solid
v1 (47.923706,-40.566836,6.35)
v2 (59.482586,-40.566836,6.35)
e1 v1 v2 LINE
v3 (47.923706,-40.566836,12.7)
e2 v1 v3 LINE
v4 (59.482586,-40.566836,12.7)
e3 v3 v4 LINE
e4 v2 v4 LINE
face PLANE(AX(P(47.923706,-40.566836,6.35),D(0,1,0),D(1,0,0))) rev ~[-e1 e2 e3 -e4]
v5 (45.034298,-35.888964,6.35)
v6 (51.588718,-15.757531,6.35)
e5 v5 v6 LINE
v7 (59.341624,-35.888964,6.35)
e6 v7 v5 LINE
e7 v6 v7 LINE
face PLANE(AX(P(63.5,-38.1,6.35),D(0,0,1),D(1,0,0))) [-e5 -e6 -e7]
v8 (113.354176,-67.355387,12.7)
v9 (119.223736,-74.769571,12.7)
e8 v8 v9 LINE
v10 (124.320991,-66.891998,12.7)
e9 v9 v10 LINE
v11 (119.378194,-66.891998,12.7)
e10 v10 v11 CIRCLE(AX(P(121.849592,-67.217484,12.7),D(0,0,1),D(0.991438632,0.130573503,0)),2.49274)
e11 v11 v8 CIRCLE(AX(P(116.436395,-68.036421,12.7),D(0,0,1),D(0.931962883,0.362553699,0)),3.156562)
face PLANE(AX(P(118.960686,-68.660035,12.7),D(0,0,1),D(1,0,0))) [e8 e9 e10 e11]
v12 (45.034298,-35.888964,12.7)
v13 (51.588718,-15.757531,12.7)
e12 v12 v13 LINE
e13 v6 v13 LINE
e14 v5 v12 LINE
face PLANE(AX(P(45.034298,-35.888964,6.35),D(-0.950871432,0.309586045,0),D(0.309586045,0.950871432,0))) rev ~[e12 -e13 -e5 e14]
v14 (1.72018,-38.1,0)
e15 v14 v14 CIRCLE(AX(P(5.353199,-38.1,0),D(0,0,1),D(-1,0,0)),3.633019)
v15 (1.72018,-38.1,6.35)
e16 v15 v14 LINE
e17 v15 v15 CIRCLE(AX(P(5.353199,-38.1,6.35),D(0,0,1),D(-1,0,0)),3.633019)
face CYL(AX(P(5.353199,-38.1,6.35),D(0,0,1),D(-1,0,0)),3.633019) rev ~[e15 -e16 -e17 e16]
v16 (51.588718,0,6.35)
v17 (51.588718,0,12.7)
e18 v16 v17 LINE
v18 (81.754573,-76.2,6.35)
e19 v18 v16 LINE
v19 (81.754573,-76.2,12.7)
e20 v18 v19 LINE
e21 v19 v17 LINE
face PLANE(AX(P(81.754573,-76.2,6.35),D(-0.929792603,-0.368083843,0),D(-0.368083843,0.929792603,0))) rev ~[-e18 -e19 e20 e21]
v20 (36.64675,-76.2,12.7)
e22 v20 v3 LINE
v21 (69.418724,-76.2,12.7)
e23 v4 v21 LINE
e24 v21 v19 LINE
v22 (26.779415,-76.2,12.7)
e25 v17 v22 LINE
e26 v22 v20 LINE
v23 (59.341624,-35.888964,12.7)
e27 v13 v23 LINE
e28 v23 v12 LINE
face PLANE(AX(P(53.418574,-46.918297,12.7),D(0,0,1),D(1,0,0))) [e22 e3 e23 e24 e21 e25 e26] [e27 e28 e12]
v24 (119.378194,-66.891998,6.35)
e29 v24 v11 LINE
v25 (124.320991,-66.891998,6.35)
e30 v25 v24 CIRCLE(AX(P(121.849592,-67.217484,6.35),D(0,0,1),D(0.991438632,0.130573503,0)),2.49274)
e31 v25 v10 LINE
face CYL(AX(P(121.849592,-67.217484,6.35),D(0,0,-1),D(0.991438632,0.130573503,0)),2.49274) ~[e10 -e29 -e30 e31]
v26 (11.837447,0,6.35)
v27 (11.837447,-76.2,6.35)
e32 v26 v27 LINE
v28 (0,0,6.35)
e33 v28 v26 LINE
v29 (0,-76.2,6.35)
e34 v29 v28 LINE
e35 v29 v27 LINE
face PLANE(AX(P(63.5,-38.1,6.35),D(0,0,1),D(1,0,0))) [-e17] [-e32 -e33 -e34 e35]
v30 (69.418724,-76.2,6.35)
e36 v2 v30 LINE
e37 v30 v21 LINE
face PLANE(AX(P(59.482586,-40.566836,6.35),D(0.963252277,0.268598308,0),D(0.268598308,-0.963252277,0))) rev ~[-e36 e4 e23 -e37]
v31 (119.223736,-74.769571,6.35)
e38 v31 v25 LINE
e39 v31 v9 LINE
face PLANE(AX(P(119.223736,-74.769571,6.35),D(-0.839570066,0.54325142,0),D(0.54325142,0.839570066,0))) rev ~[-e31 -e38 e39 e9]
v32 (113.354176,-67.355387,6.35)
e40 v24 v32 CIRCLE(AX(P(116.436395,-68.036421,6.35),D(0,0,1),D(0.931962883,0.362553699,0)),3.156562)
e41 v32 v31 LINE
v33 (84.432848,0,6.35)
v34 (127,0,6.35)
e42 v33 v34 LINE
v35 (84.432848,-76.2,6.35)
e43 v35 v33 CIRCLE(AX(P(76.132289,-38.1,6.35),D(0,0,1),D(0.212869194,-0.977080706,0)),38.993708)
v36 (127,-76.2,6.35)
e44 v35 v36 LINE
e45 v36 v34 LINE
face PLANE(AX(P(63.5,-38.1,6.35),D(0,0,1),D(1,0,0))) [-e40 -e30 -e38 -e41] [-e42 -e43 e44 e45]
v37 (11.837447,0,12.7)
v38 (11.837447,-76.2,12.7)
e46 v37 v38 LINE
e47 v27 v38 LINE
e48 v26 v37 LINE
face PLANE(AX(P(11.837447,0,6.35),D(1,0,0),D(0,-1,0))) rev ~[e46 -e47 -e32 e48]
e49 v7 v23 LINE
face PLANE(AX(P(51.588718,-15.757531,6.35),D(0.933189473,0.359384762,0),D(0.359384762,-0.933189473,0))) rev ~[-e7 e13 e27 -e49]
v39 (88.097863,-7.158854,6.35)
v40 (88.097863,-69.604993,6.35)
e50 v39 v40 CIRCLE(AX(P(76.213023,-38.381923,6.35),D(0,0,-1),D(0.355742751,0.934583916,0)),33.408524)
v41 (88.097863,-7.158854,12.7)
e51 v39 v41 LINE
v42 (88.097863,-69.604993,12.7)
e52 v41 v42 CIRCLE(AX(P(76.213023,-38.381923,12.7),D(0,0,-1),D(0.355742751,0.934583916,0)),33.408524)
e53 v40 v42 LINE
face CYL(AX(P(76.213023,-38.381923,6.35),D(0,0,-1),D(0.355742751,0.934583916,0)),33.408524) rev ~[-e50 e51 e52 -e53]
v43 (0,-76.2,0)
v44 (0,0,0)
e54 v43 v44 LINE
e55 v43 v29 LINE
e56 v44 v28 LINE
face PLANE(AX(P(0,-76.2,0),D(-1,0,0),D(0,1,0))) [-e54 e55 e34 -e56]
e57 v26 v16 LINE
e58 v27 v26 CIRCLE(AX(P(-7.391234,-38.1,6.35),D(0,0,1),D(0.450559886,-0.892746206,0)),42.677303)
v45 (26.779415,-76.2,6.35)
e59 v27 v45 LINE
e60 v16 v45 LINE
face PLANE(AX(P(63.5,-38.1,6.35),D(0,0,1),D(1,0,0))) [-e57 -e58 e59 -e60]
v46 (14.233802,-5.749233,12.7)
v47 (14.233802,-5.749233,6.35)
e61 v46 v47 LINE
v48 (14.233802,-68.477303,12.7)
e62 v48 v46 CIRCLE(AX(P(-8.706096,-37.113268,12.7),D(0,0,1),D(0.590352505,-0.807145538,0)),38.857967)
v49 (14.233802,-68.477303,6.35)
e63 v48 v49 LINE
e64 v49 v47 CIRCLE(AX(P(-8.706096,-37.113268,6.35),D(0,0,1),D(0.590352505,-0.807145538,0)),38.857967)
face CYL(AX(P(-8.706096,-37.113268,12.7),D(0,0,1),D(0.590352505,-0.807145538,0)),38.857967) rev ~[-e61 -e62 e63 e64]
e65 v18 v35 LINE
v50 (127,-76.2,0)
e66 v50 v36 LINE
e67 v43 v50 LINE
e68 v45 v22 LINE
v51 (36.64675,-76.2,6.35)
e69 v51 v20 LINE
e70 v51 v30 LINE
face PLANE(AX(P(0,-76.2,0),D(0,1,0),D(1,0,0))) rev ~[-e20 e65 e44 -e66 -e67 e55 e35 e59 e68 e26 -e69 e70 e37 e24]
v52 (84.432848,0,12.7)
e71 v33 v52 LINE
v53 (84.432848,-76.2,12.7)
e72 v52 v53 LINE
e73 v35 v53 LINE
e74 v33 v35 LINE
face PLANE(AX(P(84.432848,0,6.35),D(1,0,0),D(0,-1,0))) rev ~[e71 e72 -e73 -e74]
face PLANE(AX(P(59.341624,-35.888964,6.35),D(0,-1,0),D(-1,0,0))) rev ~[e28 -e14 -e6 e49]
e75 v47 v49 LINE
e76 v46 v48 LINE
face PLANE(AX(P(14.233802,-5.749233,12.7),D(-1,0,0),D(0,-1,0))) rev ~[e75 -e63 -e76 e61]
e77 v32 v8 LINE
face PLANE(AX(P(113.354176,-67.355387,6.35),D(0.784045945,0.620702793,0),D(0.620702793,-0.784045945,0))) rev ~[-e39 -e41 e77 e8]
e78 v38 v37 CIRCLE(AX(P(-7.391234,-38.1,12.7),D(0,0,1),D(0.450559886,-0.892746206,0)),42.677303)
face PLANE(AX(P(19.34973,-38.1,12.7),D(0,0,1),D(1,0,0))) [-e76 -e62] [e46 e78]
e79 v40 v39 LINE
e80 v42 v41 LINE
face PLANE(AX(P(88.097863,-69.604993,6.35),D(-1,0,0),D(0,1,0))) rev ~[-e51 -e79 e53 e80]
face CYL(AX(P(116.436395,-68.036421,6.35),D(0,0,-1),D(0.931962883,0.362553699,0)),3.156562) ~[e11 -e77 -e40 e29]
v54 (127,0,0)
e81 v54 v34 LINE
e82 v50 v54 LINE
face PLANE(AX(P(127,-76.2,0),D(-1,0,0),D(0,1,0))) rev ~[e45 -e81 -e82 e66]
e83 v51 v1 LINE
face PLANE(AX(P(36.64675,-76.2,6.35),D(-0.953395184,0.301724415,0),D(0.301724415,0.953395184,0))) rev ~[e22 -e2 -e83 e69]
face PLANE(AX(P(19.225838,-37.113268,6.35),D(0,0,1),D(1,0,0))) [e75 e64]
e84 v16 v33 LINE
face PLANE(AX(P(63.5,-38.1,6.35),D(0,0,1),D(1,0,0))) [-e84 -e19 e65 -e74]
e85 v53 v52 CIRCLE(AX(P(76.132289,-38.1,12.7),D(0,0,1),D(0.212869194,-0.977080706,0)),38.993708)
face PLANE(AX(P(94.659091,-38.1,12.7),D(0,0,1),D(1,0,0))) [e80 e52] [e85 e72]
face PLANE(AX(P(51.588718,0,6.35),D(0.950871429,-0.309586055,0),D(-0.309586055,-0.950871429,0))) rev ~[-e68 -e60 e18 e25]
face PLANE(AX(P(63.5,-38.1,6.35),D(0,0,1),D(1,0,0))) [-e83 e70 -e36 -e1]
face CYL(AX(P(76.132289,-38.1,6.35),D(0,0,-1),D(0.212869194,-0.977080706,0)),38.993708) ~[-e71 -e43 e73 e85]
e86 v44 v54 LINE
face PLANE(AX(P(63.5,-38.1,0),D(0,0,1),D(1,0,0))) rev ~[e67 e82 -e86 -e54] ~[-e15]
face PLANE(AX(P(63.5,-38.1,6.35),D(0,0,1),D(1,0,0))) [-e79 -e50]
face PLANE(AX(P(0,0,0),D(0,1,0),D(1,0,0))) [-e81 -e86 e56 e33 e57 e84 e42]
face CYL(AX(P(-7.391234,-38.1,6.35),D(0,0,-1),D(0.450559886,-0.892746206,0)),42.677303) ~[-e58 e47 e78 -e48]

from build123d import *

# Parameters (mm, degrees)
F0_W      = 127
F0_H      = 76.2
F1_DEPTH  = 6.35
F3_DEPTH  = 6.35
F5_DEPTH  = 6.35
F7_DEPTH  = 6.35
F9_DEPTH  = 6.35
F11_DEPTH = 6.35
F13_DEPTH = 6.35


with BuildPart() as f1:
    # F0 (on Top) → F1 (new body)
    with BuildSketch(Plane.XY):
        with Locations((63.5, -38.1)):
            Rectangle(F0_W, F0_H)
    extrude(amount=F1_DEPTH)

    # F2 (on face) → F3 (cut, through all)
    with BuildSketch(Plane.XY.offset(6.35)):
        with BuildLine():
            ThreePointArc((8.986218, -38.1), (5.353199, -34.466981), (1.72018, -38.1))
            ThreePointArc((1.72018, -38.1), (5.353199, -41.733019), (8.986218, -38.1))
        make_face()
    extrude(amount=-F3_DEPTH, mode=Mode.SUBTRACT)

    # F4 (on face) → F5 (join)
    with BuildSketch(Plane.XY.offset(6.35)):
        with BuildLine():
            ThreePointArc((11.837447, -76.2), (35.286069, -38.1), (11.837447, 0))
            Line((11.837447, 0), (11.837447, -76.2))
        make_face()
    extrude(amount=F5_DEPTH)

    # F6 (on face) → F7 (cut)
    with BuildSketch(Plane.XY.offset(12.7)):
        with BuildLine():
            ThreePointArc((14.233802, -68.477303), (30.151871, -37.113268), (14.233802, -5.749233))
            Line((14.233802, -5.749233), (14.233802, -68.477303))
        make_face()
    extrude(amount=-F7_DEPTH, mode=Mode.SUBTRACT)

    # F8 (on face) → F9 (join)
    with BuildSketch(Plane.XY.offset(6.35)):
        Polygon((81.754573, -76.2), (51.588718, 0), (26.779415, -76.2), (36.64675, -76.2), (47.923706, -40.566836), (59.482586, -40.566836), (69.418724, -76.2), align=None)
        Polygon((45.034298, -35.888964), (51.588718, -15.757531), (59.341624, -35.888964), align=None, mode=Mode.SUBTRACT)
    extrude(amount=F9_DEPTH)

    # F10 (on face) → F11 (join)
    with BuildSketch(Plane.XY.offset(6.35)):
        with BuildLine():
            Line((84.432848, 0), (84.432848, -76.2))
            ThreePointArc((84.432848, -76.2), (115.125997, -38.1), (84.432848, 0))
        make_face()
        with BuildLine():
            Line((88.097863, -69.604993), (88.097863, -7.158854))
            ThreePointArc((88.097863, -7.158854), (109.621547, -38.381923), (88.097863, -69.604993))
        make_face(mode=Mode.SUBTRACT)
    extrude(amount=F11_DEPTH)

    # F12 (on face) → F13 (join)
    with BuildSketch(Plane.XY.offset(6.35)):
        with BuildLine():
            ThreePointArc((119.378194, -66.891998), (116.194297, -64.889157), (113.354176, -67.355387))
            Line((113.354176, -67.355387), (119.223736, -74.769571))
            Line((119.223736, -74.769571), (124.320991, -66.891998))
            ThreePointArc((124.320991, -66.891998), (121.849593, -64.724744), (119.378194, -66.891998))
        make_face()
    extrude(amount=F13_DEPTH)


solid = f1.part
